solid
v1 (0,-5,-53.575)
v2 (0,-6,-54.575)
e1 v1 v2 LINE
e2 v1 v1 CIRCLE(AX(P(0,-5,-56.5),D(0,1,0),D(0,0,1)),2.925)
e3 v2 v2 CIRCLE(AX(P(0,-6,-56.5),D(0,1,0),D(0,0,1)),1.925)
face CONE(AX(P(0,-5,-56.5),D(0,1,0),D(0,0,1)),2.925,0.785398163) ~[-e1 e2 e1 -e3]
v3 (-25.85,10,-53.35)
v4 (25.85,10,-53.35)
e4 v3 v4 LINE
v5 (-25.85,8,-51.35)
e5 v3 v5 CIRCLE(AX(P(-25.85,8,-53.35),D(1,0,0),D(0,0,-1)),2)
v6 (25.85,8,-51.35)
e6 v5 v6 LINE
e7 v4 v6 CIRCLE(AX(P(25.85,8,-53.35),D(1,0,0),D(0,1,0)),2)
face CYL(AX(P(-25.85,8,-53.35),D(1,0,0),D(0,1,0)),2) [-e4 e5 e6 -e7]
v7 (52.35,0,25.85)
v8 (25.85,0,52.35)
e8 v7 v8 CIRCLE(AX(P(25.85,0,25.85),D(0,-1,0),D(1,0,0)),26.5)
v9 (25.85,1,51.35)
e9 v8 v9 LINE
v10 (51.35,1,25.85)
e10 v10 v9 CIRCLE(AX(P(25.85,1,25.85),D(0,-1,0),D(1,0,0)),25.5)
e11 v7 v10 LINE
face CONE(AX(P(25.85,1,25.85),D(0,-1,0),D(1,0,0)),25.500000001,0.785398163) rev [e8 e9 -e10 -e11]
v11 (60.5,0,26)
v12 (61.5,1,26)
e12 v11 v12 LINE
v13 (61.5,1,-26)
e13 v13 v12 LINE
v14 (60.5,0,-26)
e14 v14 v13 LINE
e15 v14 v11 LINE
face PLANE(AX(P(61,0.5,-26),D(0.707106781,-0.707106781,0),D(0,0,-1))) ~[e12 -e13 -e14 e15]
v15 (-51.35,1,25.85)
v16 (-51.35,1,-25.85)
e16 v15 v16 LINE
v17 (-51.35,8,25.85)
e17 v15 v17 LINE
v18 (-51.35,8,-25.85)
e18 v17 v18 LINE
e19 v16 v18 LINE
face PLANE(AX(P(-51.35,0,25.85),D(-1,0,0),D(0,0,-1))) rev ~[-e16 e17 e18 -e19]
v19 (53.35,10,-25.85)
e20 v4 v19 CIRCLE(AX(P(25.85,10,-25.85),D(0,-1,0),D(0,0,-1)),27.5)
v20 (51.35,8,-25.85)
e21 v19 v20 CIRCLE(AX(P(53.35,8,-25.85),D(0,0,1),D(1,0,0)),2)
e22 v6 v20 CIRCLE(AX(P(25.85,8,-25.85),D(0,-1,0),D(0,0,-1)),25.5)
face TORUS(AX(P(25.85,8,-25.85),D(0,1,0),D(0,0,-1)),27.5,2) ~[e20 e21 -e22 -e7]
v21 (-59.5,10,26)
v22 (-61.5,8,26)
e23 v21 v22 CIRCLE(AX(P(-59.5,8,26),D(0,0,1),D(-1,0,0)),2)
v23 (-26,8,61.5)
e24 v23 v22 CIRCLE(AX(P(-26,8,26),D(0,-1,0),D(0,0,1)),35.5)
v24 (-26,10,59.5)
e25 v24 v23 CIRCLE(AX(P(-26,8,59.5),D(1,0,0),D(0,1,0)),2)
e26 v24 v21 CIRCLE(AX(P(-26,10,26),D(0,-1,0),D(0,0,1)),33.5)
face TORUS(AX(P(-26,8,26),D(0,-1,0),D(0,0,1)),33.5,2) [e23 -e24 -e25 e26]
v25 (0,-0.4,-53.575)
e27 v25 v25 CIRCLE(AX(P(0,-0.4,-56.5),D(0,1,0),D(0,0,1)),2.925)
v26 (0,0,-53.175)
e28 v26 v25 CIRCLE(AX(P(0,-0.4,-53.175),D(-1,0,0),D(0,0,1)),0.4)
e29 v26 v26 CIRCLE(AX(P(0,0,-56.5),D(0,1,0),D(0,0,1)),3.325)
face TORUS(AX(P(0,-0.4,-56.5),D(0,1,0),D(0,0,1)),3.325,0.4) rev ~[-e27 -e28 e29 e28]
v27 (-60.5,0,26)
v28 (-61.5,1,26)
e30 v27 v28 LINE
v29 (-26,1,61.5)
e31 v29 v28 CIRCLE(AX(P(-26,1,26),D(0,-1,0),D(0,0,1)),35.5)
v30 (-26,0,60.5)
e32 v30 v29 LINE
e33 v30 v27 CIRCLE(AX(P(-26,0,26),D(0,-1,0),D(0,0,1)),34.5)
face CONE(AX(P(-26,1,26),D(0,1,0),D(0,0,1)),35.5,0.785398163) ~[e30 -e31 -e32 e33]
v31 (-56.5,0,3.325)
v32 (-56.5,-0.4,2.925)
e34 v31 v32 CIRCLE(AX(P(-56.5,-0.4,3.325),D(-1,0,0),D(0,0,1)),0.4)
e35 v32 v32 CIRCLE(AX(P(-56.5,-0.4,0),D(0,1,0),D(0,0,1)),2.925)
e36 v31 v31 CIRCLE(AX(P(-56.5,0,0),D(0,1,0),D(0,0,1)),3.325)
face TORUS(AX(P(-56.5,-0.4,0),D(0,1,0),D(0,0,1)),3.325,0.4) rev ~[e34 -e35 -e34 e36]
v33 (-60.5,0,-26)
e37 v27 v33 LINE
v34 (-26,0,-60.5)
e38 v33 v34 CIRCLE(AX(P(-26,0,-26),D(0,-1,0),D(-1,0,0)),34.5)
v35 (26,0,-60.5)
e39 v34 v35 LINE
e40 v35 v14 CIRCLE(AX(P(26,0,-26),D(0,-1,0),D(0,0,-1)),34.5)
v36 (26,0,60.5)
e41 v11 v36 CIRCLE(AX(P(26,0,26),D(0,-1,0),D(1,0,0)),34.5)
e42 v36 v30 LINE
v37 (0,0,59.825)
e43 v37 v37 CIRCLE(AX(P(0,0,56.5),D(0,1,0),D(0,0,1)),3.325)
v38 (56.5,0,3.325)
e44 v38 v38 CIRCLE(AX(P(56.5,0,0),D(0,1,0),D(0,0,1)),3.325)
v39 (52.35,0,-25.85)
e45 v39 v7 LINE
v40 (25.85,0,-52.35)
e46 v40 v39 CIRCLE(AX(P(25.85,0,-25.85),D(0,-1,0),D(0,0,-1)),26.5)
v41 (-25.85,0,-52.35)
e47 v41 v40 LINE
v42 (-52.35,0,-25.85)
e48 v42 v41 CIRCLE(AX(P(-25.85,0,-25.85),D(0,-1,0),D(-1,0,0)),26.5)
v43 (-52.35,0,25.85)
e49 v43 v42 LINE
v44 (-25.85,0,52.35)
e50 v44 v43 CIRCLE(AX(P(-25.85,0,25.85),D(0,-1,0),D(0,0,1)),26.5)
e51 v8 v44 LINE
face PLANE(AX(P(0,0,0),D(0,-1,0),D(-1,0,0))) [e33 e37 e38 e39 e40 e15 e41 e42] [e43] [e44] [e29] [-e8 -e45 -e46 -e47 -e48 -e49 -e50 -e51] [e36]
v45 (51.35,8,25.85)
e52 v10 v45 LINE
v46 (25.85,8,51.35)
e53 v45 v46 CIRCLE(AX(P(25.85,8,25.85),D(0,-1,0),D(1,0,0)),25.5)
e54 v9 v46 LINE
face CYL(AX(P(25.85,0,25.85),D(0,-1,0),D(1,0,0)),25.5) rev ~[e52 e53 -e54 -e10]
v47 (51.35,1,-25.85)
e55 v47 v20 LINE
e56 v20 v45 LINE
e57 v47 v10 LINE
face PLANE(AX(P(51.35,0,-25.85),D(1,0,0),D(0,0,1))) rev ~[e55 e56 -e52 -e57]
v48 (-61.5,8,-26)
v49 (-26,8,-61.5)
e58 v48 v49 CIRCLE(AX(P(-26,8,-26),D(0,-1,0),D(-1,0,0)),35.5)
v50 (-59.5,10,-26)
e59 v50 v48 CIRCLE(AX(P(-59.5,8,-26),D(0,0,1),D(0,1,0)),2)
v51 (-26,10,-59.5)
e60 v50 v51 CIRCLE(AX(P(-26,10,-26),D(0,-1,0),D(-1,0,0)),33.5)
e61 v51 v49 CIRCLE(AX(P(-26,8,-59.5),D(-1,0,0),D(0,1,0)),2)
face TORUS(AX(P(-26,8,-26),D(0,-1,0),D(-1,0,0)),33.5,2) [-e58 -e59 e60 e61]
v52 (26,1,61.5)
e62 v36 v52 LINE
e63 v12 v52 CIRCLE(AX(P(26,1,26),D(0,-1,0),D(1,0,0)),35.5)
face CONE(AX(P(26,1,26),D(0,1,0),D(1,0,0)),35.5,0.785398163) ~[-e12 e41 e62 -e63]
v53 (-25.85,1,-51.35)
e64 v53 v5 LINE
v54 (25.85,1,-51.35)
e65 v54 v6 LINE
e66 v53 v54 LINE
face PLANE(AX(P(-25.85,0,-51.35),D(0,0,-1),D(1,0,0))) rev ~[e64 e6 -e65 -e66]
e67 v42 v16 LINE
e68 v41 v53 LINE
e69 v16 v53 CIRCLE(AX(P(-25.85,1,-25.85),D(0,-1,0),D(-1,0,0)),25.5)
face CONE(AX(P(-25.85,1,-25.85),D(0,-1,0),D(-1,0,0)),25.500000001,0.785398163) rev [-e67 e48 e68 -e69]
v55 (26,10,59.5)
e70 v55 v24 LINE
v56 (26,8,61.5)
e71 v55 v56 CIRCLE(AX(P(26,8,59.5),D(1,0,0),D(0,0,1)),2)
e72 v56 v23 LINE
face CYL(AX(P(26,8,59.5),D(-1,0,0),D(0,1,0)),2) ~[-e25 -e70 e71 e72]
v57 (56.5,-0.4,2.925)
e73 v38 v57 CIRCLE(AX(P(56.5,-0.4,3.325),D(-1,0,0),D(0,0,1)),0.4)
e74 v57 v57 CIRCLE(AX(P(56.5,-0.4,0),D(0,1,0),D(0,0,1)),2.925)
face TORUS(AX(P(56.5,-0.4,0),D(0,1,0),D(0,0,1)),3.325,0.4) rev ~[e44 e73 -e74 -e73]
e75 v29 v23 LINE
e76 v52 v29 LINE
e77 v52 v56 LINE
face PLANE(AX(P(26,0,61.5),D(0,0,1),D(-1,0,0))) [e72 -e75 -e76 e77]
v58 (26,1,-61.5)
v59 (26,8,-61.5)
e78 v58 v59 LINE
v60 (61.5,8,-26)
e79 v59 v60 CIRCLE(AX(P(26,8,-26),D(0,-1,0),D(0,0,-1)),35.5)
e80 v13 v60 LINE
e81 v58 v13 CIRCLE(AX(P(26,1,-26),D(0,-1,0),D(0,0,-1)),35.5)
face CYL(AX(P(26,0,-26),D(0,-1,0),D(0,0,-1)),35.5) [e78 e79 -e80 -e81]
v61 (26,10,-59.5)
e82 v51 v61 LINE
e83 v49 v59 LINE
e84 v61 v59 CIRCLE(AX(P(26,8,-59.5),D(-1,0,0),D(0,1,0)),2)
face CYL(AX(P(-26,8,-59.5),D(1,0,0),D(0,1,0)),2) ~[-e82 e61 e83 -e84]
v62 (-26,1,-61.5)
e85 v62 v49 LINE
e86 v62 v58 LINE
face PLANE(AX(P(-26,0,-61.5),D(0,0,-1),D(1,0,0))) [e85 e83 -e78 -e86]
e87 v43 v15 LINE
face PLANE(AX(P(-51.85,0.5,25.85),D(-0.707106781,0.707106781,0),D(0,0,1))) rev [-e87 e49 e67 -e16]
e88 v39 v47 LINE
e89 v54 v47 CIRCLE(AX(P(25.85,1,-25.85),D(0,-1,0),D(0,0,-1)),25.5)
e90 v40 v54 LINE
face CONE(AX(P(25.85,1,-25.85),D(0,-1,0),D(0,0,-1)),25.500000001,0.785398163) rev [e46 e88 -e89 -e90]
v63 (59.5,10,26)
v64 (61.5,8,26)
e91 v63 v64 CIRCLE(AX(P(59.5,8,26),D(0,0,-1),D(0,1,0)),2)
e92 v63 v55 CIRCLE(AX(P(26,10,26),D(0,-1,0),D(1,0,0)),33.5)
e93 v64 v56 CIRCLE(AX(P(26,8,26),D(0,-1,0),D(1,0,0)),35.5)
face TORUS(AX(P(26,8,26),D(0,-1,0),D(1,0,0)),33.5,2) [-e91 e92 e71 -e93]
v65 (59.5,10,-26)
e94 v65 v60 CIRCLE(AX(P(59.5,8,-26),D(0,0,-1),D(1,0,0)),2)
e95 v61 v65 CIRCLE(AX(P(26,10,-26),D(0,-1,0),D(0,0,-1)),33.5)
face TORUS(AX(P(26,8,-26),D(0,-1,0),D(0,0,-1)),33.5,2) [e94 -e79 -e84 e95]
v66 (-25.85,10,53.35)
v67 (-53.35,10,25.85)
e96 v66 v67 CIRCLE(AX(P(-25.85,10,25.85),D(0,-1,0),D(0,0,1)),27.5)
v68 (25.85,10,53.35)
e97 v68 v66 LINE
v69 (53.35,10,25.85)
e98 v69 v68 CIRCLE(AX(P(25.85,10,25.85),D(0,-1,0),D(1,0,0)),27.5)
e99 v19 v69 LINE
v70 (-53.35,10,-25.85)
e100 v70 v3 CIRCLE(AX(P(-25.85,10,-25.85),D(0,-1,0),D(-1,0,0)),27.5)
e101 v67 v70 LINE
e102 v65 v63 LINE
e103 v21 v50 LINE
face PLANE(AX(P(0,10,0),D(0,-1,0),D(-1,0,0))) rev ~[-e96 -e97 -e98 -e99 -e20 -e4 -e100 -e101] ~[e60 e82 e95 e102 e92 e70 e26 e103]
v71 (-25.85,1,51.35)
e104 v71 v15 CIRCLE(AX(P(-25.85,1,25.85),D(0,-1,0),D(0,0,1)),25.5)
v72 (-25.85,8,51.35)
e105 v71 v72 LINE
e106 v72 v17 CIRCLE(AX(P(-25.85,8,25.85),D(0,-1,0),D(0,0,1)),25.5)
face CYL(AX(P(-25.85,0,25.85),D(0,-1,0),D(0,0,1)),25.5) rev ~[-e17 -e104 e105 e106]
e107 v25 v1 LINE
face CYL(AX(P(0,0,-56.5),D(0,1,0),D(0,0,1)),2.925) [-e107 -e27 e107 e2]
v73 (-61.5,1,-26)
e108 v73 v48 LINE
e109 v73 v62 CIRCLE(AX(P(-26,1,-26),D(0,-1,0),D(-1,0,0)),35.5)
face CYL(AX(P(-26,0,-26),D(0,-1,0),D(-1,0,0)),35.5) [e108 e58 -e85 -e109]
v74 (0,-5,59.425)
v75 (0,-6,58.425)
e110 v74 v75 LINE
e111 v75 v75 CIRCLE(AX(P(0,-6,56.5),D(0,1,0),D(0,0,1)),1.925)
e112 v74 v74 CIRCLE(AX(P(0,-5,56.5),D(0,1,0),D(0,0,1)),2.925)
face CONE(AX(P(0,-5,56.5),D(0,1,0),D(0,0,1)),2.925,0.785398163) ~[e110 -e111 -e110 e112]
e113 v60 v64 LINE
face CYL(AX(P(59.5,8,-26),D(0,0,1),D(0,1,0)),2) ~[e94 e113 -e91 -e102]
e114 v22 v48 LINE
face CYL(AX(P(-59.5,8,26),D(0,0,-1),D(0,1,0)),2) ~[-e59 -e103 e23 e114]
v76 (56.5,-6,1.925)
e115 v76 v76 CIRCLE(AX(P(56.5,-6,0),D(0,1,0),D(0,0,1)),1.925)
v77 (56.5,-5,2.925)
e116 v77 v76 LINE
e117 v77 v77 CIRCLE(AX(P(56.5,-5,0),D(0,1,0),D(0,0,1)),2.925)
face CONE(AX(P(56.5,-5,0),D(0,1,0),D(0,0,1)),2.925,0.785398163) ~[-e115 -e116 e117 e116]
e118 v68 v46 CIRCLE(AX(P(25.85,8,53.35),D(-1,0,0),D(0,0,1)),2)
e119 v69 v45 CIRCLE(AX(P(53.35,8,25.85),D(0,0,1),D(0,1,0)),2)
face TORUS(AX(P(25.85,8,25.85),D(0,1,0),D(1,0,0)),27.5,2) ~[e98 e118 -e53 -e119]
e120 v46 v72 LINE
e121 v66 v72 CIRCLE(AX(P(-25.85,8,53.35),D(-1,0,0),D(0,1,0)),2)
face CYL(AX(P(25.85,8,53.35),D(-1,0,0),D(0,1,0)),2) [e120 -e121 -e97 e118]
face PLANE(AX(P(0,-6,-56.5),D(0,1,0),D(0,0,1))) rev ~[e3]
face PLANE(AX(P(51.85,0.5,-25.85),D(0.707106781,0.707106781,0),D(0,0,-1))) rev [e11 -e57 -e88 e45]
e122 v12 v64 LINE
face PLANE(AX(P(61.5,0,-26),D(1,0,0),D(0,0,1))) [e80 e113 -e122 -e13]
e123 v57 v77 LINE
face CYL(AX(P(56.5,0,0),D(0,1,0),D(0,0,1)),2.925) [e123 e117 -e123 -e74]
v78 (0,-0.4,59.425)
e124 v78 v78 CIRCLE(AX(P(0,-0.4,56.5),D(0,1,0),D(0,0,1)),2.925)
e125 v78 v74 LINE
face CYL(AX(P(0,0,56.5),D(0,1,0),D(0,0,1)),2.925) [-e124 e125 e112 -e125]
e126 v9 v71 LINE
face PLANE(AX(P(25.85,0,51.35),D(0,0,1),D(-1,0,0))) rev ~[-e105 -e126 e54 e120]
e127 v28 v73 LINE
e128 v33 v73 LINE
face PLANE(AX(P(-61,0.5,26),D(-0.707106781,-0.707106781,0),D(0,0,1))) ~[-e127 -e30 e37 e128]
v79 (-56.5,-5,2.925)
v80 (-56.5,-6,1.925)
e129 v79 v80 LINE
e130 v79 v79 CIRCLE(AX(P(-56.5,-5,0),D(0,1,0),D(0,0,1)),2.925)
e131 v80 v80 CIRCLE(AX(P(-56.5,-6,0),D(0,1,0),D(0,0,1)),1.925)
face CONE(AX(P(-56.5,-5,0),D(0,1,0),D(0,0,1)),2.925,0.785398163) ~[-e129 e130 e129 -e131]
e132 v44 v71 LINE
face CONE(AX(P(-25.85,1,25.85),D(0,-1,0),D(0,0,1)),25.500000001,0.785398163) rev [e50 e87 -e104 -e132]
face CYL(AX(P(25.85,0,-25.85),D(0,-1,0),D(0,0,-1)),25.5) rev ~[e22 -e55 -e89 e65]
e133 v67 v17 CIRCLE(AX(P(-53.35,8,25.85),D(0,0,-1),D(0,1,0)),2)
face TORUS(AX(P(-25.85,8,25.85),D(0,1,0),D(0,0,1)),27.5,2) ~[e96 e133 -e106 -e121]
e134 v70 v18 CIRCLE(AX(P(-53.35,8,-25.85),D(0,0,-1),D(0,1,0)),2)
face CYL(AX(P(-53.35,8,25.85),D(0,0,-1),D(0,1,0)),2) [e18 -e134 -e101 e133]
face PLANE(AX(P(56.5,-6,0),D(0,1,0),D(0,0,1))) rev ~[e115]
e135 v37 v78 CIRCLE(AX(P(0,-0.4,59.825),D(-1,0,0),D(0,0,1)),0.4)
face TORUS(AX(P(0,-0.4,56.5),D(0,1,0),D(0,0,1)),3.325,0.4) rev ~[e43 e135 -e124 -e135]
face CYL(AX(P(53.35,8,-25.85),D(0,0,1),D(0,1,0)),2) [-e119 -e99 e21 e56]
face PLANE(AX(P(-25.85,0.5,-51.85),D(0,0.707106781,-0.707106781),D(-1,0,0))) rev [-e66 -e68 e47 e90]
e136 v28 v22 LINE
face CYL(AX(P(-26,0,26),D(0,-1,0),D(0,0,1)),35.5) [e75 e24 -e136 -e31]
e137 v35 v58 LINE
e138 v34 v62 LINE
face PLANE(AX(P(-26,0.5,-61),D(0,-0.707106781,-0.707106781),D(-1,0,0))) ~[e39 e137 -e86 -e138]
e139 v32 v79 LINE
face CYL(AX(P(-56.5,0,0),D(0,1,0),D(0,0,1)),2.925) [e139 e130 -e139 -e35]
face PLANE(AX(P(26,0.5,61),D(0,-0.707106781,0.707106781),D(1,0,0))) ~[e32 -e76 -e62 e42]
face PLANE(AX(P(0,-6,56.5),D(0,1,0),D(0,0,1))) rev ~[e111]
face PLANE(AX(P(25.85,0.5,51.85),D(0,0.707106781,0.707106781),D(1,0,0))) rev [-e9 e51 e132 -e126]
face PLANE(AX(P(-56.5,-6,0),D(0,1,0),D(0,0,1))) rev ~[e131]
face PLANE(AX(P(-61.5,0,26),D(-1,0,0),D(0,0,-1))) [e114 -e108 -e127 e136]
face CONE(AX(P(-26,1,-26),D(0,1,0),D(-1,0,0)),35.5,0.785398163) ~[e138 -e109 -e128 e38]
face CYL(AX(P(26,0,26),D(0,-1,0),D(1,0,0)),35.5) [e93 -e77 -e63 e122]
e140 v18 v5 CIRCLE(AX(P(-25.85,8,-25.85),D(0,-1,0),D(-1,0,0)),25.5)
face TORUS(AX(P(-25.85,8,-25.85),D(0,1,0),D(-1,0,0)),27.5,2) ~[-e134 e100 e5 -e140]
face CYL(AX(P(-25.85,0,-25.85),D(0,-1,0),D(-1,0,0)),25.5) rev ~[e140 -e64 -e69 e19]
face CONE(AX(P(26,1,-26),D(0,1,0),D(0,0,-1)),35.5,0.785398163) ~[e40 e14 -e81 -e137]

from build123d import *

# Parameters (mm, degrees)
EXTRUDE_1_DEPTH = 10
SKETCH_1_7_R    = 2.925
EXTRUDE_2_DEPTH = 6
CHAMFER_1_SIZE  = 1
FILLET_1_R      = 2
FILLET_2_R      = 0.4


with BuildPart() as part:
    # Эскиз1 → Бобышка-Вытянуть1 (new body)
    with BuildSketch(Plane(origin=(0, 0, 0), x_dir=(1, 0, 0), z_dir=(0, 1, 0))):
        with BuildLine():
            Line((26, -61.5), (-26, -61.5))
            ThreePointArc((-26, -61.5), (-51.102290732, -51.102290732), (-61.5, -26))
            Line((-61.5, -26), (-61.5, 26))
            ThreePointArc((-61.5, 26), (-51.102290732, 51.102290732), (-26, 61.5))
            Line((-26, 61.5), (26, 61.5))
            ThreePointArc((26, 61.5), (51.102290732, 51.102290732), (61.5, 26))
            Line((61.5, 26), (61.5, -26))
            ThreePointArc((61.5, -26), (51.102290732, -51.102290732), (26, -61.5))
        make_face()
        with BuildLine():
            Line((25.85, -51.35), (-25.85, -51.35))
            ThreePointArc((-25.85, -51.35), (-43.88122292, -43.88122292), (-51.35, -25.85))
            Line((-51.35, -25.85), (-51.35, 25.85))
            ThreePointArc((-51.35, 25.85), (-43.88122292, 43.88122292), (-25.85, 51.35))
            Line((-25.85, 51.35), (25.85, 51.35))
            ThreePointArc((25.85, 51.35), (43.88122292, 43.88122292), (51.35, 25.85))
            Line((51.35, 25.85), (51.35, -25.85))
            ThreePointArc((51.35, -25.85), (43.88122292, -43.88122292), (25.85, -51.35))
        make_face(mode=Mode.SUBTRACT)
    extrude(amount=EXTRUDE_1_DEPTH)

    # Эскиз1<7> → Бобышка-Вытянуть2 (add)
    with BuildSketch(Plane(origin=(0, 0, 0), x_dir=(1, 0, 0), z_dir=(0, 1, 0))):
        with Locations((0, 56.5)):
            Circle(SKETCH_1_7_R)
        with Locations((-56.5, 0)):
            Circle(SKETCH_1_7_R)
        with Locations((0, -56.5)):
            Circle(SKETCH_1_7_R)
        with Locations((56.5, 0)):
            Circle(SKETCH_1_7_R)
    extrude(amount=-EXTRUDE_2_DEPTH)

    # Фаска1
    chamfer_1_edges = [part.edges().sort_by_distance(p)[0] for p in [
        (53.575, -6, 0),
        (-2.925, -6, -56.5),
        (-59.425, -6, 0),
        (-2.925, -6, 56.5),
        (43.88122292, 0, -43.88122292),
        (0, 0, -51.35),
        (51.35, 0, 0),
        (-43.88122292, 0, -43.88122292),
        (43.88122292, 0, 43.88122292),
        (-51.35, 0, 0),
        (0, 0, 51.35),
        (-43.88122292, 0, 43.88122292),
        (0, 0, -61.5),
        (51.102290732, 0, -51.102290732),
        (-51.102290732, 0, -51.102290732),
        (61.5, 0, 0),
        (-61.5, 0, 0),
        (51.102290732, 0, 51.102290732),
        (-51.102290732, 0, 51.102290732),
        (0, 0, 61.5),
    ]]
    chamfer(chamfer_1_edges, length=CHAMFER_1_SIZE)

    # Скругление1
    fillet_1_edges = [part.edges().sort_by_distance(p)[0] for p in [
        (-51.35, 10, 0),
        (-43.88122292, 10, -43.88122292),
        (0, 10, -51.35),
        (43.88122292, 10, -43.88122292),
        (51.35, 10, 0),
        (43.88122292, 10, 43.88122292),
        (0, 10, 51.35),
        (51.102290732, 10, 51.102290732),
        (61.5, 10, 0),
        (51.102290732, 10, -51.102290732),
        (0, 10, -61.5),
        (-51.102290732, 10, -51.102290732),
        (-61.5, 10, 0),
        (-51.102290732, 10, 51.102290732),
        (-43.88122292, 10, 43.88122292),
        (0, 10, 61.5),
    ]]
    fillet(fillet_1_edges, radius=FILLET_1_R)

    # Скругление2
    fillet_2_edges = [part.edges().sort_by_distance(p)[0] for p in [
        (-2.925, 0, -56.5),
        (-2.925, 0, 56.5),
        (-59.425, 0, 0),
        (53.575, 0, 0),
    ]]
    fillet(fillet_2_edges, radius=FILLET_2_R)


solid = part.part
